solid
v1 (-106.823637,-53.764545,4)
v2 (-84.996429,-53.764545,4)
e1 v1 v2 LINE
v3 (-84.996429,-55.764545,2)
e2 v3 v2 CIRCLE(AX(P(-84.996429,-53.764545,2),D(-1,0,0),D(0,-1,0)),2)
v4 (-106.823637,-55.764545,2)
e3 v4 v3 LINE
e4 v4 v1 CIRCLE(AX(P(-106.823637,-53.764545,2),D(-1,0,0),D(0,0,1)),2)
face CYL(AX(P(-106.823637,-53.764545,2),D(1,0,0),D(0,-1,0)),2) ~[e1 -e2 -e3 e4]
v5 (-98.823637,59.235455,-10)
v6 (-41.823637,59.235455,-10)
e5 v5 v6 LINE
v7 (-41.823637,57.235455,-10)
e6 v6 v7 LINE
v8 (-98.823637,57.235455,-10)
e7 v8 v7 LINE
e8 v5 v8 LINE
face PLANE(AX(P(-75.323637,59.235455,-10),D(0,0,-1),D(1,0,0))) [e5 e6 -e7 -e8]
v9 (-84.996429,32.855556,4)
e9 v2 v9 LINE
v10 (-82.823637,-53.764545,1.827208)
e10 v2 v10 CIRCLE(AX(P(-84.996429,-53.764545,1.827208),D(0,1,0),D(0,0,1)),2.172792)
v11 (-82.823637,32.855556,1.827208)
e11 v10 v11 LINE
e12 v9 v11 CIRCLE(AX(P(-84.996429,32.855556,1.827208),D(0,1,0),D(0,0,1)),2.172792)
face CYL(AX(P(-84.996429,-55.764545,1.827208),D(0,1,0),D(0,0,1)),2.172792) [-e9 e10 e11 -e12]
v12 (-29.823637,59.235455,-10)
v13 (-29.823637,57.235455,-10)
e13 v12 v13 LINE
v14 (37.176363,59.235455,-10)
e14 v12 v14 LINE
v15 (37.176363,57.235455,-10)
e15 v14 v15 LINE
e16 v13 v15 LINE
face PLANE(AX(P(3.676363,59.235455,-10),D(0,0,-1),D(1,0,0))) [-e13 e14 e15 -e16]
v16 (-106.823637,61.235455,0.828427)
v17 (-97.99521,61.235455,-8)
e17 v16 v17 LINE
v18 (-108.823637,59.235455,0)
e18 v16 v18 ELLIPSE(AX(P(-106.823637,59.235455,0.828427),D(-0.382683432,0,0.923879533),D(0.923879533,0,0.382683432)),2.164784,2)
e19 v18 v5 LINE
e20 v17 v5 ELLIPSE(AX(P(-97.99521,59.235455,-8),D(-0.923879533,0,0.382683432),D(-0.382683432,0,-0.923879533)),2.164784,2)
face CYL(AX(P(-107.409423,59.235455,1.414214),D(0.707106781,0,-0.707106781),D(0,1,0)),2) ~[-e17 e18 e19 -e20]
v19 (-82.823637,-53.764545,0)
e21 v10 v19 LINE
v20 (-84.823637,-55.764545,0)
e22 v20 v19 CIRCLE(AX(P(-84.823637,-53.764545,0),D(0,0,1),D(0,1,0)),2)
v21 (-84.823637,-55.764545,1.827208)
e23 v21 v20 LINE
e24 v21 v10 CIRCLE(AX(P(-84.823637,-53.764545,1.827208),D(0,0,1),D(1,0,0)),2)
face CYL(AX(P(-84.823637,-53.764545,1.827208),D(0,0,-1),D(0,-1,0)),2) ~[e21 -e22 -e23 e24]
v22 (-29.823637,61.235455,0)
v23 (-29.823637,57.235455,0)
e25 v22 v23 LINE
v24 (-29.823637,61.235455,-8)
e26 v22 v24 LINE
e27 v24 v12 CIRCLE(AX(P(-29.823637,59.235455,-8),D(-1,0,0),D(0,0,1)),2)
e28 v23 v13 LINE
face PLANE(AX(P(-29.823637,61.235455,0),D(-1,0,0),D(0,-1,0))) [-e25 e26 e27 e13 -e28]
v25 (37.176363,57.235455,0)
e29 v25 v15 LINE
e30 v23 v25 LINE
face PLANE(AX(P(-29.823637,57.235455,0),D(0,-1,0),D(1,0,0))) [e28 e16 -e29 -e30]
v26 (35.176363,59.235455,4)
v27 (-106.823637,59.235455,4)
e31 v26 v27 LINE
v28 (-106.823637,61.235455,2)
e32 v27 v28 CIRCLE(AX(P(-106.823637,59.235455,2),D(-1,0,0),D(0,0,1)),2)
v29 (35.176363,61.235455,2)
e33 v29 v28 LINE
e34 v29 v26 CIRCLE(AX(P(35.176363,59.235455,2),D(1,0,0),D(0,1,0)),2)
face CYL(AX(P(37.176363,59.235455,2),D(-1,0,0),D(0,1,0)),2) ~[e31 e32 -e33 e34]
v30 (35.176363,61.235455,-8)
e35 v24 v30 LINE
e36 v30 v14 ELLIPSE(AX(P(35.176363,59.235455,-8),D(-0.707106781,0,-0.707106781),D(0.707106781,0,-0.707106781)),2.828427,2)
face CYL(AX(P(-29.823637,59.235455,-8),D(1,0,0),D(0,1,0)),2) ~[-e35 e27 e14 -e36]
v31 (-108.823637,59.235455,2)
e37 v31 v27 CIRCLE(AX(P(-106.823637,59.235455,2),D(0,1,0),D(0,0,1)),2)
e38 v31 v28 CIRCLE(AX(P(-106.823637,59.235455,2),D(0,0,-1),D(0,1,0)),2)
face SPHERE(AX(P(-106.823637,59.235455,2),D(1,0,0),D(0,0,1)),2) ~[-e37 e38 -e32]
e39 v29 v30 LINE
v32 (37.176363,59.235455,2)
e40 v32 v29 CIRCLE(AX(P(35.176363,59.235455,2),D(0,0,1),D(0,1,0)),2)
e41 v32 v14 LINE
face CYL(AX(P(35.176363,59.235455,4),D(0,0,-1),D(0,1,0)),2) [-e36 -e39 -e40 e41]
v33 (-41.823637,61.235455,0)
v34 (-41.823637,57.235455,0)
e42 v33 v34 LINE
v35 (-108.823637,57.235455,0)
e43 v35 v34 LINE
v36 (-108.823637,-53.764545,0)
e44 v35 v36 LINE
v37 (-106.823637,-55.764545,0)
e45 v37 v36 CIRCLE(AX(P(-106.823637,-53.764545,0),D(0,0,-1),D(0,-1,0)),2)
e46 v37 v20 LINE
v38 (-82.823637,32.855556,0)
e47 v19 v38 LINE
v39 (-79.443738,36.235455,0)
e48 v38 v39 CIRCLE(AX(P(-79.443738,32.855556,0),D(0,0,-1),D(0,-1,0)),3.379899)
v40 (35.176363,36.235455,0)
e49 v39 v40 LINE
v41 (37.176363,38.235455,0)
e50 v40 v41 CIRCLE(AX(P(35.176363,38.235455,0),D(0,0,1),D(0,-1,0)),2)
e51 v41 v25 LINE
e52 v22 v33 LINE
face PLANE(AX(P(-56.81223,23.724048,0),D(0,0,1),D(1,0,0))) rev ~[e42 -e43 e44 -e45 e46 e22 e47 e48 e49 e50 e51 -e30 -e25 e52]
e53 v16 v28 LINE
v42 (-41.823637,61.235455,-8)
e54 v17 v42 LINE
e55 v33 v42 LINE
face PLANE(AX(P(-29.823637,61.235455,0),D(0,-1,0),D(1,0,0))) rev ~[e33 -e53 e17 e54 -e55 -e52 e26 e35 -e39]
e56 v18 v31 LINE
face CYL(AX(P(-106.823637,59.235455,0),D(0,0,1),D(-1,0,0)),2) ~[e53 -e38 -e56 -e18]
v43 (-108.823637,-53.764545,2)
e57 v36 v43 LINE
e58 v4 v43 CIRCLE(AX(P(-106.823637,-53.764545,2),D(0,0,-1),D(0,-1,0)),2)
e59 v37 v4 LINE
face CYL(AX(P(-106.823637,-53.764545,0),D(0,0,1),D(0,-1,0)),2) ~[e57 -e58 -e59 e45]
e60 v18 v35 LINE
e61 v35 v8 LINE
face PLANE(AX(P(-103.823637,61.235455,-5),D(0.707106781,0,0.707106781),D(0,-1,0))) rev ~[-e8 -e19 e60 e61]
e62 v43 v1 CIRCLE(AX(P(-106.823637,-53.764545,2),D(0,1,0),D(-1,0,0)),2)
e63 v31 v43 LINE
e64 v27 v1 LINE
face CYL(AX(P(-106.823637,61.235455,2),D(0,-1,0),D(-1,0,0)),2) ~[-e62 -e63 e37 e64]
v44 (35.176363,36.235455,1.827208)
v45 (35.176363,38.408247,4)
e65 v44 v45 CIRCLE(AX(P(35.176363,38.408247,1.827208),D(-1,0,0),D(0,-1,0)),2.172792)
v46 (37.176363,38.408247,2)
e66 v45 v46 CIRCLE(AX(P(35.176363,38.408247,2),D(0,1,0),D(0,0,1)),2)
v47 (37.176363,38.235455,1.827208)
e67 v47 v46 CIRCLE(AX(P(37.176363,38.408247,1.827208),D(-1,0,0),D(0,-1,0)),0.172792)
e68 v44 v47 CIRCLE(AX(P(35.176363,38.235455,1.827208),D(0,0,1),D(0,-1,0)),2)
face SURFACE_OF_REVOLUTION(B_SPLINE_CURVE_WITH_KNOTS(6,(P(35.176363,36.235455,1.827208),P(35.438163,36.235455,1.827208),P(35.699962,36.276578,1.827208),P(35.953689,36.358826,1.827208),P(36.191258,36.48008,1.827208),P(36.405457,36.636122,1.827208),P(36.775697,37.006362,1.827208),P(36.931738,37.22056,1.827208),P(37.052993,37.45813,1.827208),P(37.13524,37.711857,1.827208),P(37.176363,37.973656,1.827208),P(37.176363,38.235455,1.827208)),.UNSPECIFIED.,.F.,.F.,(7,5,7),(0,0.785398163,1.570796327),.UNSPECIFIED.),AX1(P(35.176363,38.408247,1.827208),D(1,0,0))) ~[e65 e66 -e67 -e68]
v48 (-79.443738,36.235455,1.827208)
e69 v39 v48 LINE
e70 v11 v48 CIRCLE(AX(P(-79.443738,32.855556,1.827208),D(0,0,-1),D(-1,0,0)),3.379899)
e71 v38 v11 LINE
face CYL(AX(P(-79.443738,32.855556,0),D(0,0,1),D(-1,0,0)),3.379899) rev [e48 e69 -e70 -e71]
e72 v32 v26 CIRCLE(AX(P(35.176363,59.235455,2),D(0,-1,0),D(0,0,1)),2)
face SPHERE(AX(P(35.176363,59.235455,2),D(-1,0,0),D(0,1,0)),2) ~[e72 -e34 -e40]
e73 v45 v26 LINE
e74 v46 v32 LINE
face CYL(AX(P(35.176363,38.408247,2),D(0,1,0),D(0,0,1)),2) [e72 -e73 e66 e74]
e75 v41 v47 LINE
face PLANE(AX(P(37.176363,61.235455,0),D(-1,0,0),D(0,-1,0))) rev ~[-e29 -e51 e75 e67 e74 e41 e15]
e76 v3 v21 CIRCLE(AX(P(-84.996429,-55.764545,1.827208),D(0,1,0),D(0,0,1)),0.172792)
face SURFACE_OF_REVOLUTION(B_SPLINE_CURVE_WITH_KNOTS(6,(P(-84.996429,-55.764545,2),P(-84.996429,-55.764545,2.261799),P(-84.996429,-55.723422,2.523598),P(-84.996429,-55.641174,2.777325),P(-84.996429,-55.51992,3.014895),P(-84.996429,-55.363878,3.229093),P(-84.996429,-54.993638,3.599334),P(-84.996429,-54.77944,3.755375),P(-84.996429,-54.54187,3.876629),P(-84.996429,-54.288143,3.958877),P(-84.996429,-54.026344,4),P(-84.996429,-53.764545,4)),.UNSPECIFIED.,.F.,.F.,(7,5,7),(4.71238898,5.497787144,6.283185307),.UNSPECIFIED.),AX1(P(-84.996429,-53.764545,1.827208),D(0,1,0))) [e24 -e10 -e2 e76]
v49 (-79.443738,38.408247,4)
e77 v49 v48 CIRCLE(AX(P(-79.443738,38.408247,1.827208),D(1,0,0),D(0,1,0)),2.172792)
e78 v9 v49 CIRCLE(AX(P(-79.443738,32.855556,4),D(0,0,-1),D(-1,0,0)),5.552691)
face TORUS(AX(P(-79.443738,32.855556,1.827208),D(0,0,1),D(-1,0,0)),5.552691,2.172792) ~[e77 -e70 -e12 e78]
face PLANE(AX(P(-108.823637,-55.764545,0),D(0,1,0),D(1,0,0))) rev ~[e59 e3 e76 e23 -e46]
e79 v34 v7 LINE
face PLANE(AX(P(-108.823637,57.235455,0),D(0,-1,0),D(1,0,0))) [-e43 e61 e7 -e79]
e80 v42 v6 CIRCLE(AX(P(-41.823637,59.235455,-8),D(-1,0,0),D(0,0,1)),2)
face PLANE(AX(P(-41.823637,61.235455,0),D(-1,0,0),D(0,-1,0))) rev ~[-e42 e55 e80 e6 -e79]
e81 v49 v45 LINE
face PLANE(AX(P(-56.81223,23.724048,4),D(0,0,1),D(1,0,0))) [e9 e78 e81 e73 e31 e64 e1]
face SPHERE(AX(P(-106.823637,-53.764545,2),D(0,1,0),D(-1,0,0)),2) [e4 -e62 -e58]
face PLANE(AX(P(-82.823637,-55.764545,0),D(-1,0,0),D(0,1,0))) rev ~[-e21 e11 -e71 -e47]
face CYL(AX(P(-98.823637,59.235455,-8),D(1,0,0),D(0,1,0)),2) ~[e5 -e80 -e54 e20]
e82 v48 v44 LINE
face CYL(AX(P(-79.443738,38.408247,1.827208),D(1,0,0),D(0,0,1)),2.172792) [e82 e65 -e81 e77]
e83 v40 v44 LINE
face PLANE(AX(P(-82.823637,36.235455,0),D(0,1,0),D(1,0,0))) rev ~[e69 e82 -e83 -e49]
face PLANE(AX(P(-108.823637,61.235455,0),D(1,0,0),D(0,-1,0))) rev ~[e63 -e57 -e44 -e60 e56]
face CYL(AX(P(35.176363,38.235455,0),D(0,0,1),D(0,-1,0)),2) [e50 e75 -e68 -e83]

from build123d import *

# Parameters (mm, degrees)
F1_DEPTH = 4
F2_W     = 67
F2_H     = 4
F3_DEPTH = 10
F4_R     = 3.3798989873
F5_R     = 2.1727922061
F6_SIZE  = 10
F7_R     = 2
F8_R     = 2


with BuildPart() as f1:
    # F0 (on Top) → F1 (new body)
    with BuildSketch(Plane.XY):
        Polygon((37.1763631701, 61.2354552448), (-108.8236368299, 61.2354552448), (-108.8236368299, 36.2354552448), (-108.8236368299, -55.7645447552), (-82.8236368299, -55.7645447552), (-82.8236368299, 36.2354552448), (37.1763631701, 36.2354552448), align=None)
    extrude(amount=F1_DEPTH)

    # F2 (on face) → F3 (join)
    with BuildSketch(Plane(origin=(0, 0, 0), x_dir=(1, 0, 0), z_dir=(0, 0, -1))):
        with Locations((3.6763631701, -59.2354552448)):
            Rectangle(F2_W, F2_H)
        with Locations((-75.3236368299, -59.2354552448)):
            Rectangle(F2_W, F2_H)
    extrude(amount=F3_DEPTH)

    # F4
    f4_edges = [f1.edges().sort_by_distance(p)[0] for p in [
        (-82.823637, 36.235455, 2),
    ]]
    fillet(f4_edges, radius=F4_R)

    # F5
    f5_edges = [f1.edges().sort_by_distance(p)[0] for p in [
        (-82.823637, -11.454494, 4),
        (-21.133687, 36.235455, 4),
    ]]
    fillet(f5_edges, radius=F5_R)

    # F6
    f6_edges = [f1.edges().sort_by_distance(p)[0] for p in [
        (-108.823637, 59.235455, -10),
    ]]
    chamfer(f6_edges, length=F6_SIZE)

    # F7
    f7_edges = [f1.edges().sort_by_distance(p)[0] for p in [
        (-103.823637, 61.235455, -5),
        (-35.823637, 61.235455, 4),
        (-108.823637, 2.735455, 4),
        (-108.823637, 61.235455, 2),
        (37.176363, 61.235455, -3),
        (3.676363, 61.235455, -10),
        (-70.323637, 61.235455, -10),
        (37.176363, 49.821851, 4),
    ]]
    fillet(f7_edges, radius=F7_R)

    # F8
    f8_edges = [f1.edges().sort_by_distance(p)[0] for p in [
        (-95.910033, -55.764545, 4),
    ]]
    fillet(f8_edges, radius=F8_R)


solid = f1.part
